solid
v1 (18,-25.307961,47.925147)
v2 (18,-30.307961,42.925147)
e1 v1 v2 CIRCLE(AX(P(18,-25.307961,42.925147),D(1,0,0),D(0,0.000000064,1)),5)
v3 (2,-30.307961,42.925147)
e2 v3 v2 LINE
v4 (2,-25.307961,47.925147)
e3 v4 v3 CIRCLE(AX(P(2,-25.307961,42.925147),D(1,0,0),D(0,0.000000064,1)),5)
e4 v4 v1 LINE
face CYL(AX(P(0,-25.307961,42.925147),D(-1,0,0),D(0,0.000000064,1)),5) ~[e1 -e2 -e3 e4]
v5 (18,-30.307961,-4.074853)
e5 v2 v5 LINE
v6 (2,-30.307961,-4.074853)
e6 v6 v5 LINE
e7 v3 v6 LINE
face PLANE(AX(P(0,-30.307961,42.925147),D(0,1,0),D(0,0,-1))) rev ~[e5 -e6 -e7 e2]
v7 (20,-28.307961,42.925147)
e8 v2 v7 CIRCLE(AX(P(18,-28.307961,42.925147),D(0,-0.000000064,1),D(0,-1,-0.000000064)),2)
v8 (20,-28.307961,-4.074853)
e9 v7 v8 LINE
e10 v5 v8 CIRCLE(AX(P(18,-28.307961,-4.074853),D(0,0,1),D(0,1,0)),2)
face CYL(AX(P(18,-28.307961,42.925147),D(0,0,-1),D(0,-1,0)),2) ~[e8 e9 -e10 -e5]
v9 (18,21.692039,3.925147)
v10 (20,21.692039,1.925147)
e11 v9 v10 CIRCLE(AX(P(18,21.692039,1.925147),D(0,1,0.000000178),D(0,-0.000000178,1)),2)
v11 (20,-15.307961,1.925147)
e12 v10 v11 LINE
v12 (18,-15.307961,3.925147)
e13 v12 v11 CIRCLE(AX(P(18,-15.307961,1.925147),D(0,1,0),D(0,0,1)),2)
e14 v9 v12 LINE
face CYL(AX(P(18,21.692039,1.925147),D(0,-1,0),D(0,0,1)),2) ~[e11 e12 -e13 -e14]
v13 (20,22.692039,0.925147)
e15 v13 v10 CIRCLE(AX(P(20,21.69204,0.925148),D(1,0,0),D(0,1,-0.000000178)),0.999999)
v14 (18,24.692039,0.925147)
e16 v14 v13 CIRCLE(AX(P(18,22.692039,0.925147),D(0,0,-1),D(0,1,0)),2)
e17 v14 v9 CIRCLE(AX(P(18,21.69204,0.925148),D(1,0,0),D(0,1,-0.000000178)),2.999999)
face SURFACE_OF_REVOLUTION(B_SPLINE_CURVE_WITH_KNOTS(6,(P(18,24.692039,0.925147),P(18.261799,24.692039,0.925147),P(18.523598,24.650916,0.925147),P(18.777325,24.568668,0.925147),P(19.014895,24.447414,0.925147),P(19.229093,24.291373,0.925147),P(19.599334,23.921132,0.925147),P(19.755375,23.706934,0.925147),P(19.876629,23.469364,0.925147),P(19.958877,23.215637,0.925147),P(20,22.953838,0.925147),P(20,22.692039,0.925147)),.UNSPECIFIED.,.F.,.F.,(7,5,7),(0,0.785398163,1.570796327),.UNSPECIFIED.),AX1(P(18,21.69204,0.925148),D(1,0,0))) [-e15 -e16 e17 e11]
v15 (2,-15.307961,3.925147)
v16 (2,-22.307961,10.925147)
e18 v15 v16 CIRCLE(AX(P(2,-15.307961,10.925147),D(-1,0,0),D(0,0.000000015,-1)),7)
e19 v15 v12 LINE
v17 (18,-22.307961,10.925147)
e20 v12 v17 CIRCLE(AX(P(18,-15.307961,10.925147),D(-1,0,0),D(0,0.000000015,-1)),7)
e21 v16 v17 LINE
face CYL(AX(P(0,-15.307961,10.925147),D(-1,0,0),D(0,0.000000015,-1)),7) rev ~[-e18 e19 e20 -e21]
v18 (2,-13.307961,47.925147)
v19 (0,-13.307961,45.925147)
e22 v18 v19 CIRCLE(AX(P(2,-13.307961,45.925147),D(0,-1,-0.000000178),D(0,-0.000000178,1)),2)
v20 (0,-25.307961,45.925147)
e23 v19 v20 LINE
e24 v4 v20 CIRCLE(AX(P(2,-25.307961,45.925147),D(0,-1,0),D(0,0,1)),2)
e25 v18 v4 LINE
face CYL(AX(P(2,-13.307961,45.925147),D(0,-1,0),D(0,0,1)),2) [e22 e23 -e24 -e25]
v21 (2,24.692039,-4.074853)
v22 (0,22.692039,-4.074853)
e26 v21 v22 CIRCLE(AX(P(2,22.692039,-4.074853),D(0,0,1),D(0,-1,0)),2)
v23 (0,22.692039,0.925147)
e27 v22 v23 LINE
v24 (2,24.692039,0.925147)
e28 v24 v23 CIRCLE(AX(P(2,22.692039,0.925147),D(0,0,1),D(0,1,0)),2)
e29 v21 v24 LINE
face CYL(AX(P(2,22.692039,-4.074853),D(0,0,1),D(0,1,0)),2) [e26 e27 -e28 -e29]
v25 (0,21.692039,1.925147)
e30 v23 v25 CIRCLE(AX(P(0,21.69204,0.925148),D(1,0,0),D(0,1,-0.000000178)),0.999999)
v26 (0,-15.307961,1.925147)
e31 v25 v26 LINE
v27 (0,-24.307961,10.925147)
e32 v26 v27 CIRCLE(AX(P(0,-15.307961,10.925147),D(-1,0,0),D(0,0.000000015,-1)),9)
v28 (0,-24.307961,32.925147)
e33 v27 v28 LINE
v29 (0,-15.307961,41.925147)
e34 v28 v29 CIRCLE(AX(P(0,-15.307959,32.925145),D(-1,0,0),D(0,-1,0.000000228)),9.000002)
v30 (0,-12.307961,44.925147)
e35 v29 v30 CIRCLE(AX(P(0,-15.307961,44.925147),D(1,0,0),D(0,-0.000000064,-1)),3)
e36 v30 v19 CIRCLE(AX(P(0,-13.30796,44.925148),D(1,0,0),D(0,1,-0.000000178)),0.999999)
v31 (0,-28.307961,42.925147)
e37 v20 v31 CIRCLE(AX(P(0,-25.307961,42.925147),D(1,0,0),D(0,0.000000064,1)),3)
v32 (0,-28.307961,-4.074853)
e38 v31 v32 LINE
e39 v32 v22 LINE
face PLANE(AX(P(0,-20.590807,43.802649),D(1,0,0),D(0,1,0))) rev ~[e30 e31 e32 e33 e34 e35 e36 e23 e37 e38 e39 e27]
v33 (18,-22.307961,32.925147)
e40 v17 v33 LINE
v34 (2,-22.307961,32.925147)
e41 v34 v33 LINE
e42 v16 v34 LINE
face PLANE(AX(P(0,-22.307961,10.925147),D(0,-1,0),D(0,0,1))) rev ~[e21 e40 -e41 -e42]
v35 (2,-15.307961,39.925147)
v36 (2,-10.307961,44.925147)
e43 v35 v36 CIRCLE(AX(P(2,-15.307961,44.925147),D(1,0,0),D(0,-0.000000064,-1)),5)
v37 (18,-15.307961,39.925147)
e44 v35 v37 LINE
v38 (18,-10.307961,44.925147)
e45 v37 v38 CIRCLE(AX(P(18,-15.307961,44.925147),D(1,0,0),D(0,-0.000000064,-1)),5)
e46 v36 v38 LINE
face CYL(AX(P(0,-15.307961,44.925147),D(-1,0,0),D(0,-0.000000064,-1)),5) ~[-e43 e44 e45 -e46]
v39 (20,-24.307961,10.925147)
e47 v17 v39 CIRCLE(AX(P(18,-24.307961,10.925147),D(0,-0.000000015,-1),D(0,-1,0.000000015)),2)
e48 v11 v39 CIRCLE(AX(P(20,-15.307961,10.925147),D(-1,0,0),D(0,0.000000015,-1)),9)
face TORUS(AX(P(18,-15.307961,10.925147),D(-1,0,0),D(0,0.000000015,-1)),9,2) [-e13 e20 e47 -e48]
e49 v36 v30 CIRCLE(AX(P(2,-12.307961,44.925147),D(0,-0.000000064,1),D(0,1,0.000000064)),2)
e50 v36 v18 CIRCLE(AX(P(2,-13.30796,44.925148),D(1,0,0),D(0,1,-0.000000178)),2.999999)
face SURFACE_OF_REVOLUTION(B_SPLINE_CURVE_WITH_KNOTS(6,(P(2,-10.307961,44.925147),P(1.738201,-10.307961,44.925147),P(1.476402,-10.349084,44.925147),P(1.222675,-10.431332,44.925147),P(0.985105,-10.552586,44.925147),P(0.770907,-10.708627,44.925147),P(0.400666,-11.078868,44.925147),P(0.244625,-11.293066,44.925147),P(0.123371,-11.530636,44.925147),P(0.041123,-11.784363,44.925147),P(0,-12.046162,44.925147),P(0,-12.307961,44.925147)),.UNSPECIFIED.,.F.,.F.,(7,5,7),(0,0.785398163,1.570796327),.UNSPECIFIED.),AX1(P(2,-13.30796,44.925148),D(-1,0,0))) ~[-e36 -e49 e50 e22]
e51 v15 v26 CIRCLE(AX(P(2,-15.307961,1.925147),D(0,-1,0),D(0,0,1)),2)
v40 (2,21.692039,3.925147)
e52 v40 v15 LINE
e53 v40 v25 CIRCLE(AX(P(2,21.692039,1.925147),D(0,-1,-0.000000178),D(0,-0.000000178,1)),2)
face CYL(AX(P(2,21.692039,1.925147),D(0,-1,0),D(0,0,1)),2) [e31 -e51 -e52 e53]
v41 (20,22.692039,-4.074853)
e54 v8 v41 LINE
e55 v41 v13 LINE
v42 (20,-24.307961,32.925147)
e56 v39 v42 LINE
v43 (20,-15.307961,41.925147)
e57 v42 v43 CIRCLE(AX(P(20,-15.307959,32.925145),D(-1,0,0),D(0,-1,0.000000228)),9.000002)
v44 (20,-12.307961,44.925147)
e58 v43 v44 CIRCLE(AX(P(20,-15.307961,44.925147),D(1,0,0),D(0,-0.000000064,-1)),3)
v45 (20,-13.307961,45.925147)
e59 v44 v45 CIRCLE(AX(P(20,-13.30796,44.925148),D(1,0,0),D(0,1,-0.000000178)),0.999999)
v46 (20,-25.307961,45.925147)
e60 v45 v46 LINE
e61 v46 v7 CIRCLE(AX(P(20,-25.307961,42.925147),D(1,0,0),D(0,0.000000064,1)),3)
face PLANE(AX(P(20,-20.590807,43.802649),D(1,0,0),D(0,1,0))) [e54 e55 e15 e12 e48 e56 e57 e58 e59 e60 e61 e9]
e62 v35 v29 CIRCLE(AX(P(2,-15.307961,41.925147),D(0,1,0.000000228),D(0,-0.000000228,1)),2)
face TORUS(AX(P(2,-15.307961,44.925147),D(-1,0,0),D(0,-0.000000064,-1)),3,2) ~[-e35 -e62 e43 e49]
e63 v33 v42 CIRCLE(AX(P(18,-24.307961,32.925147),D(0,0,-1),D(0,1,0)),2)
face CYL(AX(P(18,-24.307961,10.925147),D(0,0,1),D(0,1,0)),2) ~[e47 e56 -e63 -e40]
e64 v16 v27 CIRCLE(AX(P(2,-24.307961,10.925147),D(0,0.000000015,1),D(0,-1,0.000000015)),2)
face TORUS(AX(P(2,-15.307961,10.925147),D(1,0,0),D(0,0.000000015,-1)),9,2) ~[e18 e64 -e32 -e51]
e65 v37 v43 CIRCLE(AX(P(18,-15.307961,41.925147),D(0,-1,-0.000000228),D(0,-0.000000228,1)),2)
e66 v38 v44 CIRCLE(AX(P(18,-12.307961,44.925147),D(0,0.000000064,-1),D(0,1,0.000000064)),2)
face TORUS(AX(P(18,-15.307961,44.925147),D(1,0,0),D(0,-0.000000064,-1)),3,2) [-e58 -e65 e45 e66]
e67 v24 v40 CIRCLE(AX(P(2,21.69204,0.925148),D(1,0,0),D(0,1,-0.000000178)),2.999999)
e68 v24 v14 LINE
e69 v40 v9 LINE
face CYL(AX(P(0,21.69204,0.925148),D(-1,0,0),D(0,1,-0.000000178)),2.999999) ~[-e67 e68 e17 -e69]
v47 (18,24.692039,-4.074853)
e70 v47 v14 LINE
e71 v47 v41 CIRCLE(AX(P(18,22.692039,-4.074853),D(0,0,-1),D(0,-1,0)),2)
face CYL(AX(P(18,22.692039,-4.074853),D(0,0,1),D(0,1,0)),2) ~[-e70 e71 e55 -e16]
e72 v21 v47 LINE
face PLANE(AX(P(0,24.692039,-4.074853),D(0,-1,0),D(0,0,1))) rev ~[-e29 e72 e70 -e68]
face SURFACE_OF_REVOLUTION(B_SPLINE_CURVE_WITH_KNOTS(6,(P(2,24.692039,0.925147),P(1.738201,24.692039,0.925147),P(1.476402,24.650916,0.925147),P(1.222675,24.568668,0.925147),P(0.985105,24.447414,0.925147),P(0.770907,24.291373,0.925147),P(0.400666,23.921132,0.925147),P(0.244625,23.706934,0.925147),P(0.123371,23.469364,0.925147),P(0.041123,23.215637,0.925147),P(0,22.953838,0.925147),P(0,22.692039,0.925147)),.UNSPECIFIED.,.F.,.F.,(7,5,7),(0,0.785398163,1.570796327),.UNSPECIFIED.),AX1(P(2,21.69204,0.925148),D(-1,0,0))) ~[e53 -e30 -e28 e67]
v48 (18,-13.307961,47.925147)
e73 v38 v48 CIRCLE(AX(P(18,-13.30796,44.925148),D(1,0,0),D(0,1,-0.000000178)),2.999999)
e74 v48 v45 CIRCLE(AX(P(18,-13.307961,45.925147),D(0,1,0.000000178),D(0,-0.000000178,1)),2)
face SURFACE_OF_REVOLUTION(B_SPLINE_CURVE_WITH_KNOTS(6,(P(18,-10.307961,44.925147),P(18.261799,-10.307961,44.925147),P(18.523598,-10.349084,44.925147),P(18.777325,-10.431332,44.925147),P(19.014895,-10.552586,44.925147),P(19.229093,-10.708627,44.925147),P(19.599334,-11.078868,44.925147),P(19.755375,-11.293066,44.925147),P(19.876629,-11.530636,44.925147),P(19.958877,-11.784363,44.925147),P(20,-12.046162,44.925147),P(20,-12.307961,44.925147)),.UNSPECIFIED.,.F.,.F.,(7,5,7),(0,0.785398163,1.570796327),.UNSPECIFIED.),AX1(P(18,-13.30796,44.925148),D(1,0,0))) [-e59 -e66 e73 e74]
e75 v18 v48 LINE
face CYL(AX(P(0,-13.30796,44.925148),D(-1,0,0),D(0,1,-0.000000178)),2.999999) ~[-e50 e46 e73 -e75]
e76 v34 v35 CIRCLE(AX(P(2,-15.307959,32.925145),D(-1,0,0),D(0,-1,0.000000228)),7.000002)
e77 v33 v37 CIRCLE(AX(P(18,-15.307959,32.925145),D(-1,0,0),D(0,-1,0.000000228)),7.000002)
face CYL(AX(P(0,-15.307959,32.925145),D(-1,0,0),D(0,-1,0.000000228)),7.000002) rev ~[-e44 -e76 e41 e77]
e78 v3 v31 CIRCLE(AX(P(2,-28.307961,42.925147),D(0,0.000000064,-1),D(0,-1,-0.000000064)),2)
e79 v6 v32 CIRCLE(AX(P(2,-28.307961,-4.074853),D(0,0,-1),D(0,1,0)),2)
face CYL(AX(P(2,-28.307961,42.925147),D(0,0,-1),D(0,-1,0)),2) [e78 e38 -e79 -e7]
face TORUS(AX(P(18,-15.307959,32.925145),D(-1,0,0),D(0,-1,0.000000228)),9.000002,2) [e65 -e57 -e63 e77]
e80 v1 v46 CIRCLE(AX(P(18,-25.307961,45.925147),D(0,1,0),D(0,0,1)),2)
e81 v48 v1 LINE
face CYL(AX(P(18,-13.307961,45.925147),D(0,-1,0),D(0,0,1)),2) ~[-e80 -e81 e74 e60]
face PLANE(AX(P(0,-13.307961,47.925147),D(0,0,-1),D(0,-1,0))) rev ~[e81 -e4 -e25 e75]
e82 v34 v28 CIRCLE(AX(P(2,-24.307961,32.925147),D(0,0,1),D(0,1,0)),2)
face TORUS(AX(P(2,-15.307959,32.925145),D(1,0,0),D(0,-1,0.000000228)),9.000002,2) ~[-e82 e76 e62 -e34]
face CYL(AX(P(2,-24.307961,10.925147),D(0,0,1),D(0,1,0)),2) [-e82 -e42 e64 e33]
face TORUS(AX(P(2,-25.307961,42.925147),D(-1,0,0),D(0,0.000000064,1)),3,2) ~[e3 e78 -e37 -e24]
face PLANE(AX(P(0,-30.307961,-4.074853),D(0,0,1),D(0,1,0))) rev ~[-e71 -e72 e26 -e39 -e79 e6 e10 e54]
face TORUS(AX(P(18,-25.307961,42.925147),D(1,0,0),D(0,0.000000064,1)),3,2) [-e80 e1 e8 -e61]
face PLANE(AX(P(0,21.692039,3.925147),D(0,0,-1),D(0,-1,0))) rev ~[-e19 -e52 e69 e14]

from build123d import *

# Parameters (mm, degrees)
F1_DEPTH = 20
F2_R     = 2


with BuildPart() as f1:
    # F0 (on Right) → F1 (new body)
    with BuildSketch(Plane.YZ):
        with BuildLine():
            Line((-30.307961, 42.925147), (-30.307961, 39.925147))
            Line((-30.307961, 39.925147), (-22.307961, 39.925147))
            Line((-22.307961, 39.925147), (-15.307961, 39.925147))
            ThreePointArc((-15.307961, 39.925147), (-11.772427, 41.389613), (-10.307961, 44.925147))
            ThreePointArc((-10.307961, 44.925147), (-11.18664, 47.046467), (-13.307961, 47.925147))
            Line((-13.307961, 47.925147), (-25.307961, 47.925147))
            ThreePointArc((-25.307961, 47.925147), (-28.843495, 46.460681), (-30.307961, 42.925147))
        make_face()
        Polygon((-30.307961, 39.925147), (-30.307961, 3.925147), (-22.307961, 3.925147), (-22.307961, 10.925147), (-22.307961, 32.925147), (-22.307961, 39.925147), align=None)
        with BuildLine():
            Line((-22.307961, 10.925147), (-22.307961, 3.925147))
            Line((-22.307961, 3.925147), (-15.307961, 3.925147))
            ThreePointArc((-15.307961, 3.925147), (-20.257708, 5.975399), (-22.307961, 10.925147))
        make_face()
        with BuildLine():
            Line((-22.307961, 3.925147), (-30.307961, 3.925147))
            Line((-30.307961, 3.925147), (-30.307961, -4.074853))
            Line((-30.307961, -4.074853), (24.692039, -4.074853))
            Line((24.692039, -4.074853), (24.692039, 0.925147))
            ThreePointArc((24.692039, 0.925147), (23.81336, 3.046467), (21.692039, 3.925147))
            Line((21.692039, 3.925147), (-15.307961, 3.925147))
            Line((-15.307961, 3.925147), (-22.307961, 3.925147))
        make_face()
        with BuildLine():
            Line((-15.307961, 39.925147), (-22.307961, 39.925147))
            Line((-22.307961, 39.925147), (-22.307961, 32.925147))
            ThreePointArc((-22.307961, 32.925147), (-20.257708, 37.874894), (-15.307961, 39.925147))
        make_face()
    extrude(amount=F1_DEPTH)

    # F2
    f2_edges = [f1.edges().sort_by_distance(p)[0] for p in [
        (20, 3.192039, 3.925147),
        (20, -20.257708, 5.975399),
        (20, -22.307961, 21.925147),
        (20, -20.257708, 37.874894),
        (20, -11.772427, 41.389613),
        (20, 23.81336, 3.046467),
        (20, -11.18664, 47.046467),
        (20, -19.307961, 47.925147),
        (20, -28.843495, 46.460681),
        (20, 24.692039, -1.574853),
        (20, -30.307961, 19.425147),
        (0, 24.692039, -1.574853),
        (0, 23.81336, 3.046467),
    ]]
    fillet(f2_edges, radius=F2_R)


solid = f1.part
